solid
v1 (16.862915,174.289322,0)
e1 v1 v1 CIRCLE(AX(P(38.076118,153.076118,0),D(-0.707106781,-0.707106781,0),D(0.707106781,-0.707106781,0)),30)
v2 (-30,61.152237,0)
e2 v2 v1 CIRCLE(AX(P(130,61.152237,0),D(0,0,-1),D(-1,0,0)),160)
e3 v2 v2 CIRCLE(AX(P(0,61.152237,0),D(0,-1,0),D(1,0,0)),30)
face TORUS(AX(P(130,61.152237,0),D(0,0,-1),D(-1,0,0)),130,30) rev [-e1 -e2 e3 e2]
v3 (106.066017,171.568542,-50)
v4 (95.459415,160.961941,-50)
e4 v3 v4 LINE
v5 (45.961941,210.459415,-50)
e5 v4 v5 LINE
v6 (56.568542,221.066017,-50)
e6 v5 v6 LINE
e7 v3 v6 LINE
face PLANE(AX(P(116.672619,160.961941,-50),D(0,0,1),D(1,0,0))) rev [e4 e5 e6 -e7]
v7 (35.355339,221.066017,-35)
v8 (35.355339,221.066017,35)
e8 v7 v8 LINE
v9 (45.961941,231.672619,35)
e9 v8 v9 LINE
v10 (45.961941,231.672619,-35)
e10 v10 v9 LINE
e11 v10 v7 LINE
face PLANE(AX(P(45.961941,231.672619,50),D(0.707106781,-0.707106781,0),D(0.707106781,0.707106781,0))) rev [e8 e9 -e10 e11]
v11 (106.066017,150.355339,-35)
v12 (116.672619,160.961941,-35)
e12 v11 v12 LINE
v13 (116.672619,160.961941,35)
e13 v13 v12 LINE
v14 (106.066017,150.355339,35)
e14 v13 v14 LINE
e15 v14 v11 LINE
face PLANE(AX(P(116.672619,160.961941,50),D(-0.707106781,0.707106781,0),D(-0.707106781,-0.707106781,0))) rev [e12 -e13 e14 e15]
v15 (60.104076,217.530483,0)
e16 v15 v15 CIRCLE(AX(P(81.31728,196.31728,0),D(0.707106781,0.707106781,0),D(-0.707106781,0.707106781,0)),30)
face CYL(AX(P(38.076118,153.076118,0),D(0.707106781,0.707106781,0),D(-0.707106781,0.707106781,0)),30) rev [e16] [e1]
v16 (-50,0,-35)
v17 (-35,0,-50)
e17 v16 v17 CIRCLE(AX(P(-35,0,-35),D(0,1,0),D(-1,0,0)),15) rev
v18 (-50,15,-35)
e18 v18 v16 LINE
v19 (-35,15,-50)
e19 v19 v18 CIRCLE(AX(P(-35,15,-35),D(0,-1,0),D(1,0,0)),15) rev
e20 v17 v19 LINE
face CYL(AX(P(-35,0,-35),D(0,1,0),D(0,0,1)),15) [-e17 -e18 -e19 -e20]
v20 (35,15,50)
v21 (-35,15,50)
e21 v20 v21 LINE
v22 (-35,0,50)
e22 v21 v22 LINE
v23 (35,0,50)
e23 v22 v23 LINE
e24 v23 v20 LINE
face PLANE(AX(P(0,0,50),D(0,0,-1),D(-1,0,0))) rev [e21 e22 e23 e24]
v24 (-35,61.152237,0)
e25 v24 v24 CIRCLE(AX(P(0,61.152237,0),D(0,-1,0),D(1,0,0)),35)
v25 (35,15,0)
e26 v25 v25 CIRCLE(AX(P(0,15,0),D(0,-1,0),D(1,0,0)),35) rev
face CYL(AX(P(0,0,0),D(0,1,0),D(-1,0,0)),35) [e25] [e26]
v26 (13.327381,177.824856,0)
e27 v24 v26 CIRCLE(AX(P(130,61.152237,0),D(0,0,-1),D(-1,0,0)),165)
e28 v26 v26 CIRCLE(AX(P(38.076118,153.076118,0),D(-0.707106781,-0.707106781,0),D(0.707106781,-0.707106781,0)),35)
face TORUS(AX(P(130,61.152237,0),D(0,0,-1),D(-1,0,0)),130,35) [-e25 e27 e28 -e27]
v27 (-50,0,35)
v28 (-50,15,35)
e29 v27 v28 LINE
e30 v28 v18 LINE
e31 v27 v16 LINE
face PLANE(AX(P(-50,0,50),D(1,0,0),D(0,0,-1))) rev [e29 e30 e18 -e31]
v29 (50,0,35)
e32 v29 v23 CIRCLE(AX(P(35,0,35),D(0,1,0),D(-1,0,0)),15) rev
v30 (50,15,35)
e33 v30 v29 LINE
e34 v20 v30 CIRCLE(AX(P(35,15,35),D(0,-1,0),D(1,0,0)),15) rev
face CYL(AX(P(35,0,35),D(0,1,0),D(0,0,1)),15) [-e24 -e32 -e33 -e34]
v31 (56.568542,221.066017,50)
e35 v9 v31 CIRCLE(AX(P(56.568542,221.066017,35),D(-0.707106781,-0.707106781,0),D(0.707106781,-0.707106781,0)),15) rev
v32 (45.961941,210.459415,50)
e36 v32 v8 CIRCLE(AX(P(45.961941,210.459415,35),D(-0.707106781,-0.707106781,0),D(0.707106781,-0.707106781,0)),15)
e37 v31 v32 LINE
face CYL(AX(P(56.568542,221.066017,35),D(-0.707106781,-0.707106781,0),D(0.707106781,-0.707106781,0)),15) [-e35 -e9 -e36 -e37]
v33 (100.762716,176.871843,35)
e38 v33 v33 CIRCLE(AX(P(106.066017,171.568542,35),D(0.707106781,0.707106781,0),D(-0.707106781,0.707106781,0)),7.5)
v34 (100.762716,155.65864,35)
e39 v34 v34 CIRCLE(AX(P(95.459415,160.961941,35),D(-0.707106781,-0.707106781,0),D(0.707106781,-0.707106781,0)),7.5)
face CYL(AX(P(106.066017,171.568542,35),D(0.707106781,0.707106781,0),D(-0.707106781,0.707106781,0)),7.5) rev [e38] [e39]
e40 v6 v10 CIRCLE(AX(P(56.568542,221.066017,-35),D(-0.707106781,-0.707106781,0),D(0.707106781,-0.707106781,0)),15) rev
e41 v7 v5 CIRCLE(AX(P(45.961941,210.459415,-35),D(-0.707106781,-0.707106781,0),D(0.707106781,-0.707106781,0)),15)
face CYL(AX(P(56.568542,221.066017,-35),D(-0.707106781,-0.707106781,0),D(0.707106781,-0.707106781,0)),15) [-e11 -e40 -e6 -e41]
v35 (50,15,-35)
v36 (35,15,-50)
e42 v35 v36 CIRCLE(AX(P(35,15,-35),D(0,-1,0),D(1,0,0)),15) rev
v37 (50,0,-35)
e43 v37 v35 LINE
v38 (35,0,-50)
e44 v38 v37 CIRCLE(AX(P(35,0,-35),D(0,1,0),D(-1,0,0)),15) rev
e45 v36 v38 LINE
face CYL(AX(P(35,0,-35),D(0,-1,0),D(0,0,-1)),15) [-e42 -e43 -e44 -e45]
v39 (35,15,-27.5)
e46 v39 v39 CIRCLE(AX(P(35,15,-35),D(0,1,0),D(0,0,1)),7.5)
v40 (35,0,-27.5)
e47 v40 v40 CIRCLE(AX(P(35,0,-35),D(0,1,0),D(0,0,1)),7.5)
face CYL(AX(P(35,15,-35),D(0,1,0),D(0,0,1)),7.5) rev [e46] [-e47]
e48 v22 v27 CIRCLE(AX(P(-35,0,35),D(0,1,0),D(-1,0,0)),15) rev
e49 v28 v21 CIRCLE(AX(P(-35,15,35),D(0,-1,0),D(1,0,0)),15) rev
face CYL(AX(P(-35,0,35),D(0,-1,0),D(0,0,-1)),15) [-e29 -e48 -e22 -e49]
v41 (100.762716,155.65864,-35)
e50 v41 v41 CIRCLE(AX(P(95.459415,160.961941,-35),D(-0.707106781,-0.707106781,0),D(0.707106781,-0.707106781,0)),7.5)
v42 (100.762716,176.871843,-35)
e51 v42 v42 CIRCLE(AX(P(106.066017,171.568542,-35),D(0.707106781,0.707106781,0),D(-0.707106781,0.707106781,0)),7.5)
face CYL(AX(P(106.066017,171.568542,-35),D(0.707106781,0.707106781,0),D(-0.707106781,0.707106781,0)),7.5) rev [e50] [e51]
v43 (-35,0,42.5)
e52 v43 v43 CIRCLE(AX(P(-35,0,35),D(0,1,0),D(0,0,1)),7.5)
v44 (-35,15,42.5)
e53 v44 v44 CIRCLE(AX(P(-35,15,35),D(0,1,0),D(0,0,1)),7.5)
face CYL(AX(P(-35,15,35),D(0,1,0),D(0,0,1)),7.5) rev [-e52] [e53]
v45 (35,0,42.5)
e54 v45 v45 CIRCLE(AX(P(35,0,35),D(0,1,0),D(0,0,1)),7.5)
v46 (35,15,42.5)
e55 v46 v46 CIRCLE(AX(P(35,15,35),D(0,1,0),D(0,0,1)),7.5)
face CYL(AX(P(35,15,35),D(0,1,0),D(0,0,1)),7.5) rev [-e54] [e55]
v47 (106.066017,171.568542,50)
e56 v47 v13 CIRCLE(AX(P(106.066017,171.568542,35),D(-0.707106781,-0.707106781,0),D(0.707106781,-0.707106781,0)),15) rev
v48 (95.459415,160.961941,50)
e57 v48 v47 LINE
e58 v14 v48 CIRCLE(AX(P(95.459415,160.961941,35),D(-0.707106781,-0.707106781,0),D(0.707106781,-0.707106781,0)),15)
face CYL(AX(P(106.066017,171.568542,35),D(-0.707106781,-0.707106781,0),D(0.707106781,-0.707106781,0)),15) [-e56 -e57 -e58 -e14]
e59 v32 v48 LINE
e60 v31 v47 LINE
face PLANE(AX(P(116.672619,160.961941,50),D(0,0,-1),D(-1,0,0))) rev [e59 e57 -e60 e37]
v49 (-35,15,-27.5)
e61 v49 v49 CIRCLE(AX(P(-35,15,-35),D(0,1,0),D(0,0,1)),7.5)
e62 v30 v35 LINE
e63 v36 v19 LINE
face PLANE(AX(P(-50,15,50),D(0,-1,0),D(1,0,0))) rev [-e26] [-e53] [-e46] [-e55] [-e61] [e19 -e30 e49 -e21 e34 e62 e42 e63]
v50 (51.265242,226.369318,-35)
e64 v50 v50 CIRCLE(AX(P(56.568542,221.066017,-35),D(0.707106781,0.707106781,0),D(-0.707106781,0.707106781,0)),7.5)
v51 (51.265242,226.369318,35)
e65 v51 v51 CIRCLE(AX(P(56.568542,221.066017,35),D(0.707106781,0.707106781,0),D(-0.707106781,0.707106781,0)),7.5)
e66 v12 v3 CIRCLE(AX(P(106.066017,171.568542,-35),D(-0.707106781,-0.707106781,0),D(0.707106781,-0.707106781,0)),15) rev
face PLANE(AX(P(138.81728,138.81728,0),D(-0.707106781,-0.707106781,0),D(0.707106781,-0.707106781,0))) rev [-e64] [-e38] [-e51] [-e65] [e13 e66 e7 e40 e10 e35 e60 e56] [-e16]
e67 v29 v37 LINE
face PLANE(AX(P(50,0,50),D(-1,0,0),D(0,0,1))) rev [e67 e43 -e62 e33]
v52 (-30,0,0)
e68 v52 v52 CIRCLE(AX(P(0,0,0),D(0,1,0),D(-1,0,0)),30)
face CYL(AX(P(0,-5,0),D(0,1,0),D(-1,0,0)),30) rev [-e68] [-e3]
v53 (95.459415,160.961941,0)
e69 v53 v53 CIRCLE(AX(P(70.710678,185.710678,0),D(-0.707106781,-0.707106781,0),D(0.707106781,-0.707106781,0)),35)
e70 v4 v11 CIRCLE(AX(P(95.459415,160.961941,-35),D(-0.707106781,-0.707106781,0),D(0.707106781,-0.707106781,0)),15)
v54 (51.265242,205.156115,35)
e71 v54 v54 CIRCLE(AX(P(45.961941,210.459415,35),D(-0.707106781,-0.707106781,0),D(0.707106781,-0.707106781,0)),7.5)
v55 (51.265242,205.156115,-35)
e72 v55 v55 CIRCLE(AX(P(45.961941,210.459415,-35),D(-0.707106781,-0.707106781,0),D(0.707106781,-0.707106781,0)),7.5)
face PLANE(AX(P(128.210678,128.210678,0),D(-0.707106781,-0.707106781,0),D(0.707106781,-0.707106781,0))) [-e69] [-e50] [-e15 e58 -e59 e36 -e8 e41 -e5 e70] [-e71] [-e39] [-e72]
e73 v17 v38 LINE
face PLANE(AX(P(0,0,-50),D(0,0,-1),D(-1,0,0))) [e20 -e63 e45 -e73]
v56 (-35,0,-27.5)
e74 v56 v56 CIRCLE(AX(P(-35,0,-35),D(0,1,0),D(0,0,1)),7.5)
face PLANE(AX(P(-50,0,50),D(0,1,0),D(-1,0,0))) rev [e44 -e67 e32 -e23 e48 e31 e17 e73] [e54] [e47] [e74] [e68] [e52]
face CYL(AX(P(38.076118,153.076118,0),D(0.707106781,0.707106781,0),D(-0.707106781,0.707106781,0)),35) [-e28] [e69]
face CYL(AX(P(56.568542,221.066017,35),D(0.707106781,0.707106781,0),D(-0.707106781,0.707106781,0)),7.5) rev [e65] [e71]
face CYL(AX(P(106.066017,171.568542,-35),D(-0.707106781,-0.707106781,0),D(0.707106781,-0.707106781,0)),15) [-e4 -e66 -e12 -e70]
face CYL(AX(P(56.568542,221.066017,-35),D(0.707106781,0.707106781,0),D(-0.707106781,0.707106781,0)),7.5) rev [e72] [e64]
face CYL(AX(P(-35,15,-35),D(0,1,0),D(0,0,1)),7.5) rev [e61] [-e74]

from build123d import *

# Parameters (mm, degrees)
CROQUIS1_W               = 100
CROQUIS1_H               = 15
SALIENTE_EXTRUIR1_DEPTH  = 50
CROQUIS17_R              = 30
CORTAR_EXTRUIR1_DEPTH    = 15
BARRER1_PROFILE_R        = 35
CORTAR_BARRER2_PROFILE_R = 30
REDONDEO1_R              = 15
TALADRO1_D               = 15
TALADRO1_DEPTH           = 15
CROQUIS26_W              = 100
CROQUIS26_H              = 100
SALIENTE_EXTRUIR3_DEPTH  = 15
REDONDEO2_R              = 15
CROQUIS29_R              = 30
CORTAR_EXTRUIR2_DEPTH    = 15
TALADRO2_D               = 15
TALADRO2_DEPTH           = 15
TALADRO2_ON_FACE_2_D     = 15
TALADRO2_ON_FACE_2_DEPTH = 15


with BuildPart() as part:
    # Croquis1 → Saliente-Extruir1 (new, symmetric)
    with BuildSketch(Plane.XY):
        with Locations((0, 7.5)):
            Rectangle(CROQUIS1_W, CROQUIS1_H)
    extrude(amount=SALIENTE_EXTRUIR1_DEPTH, both=True)

    # Croquis17 → Cortar-Extruir1 (cut)
    with BuildSketch(Plane(origin=(0, 15, 0), x_dir=(1, 0, 0), z_dir=(0, 1, 0))):
        with Locations(Location((0, 0, 0), (0, 0, 180))):
            Circle(CROQUIS17_R)
    extrude(amount=-CORTAR_EXTRUIR1_DEPTH, mode=Mode.SUBTRACT)

    # Barrer1: sweep along a path in Croquis2
    with BuildLine(Plane.XY) as barrer1_path:
        Line((0, 0), (0, 61.152236891))
        ThreePointArc((0, 61.152236891), (9.895660774, 110.901083099), (38.076118446, 153.076118446))
        Line((38.076118446, 153.076118446), (70.710678119, 185.710678119))
    # Barrer1 profile (on start of the path) → Barrer1 (sweep)
    with BuildSketch(Plane(origin=(0, 0, 0), x_dir=(1, 0, 0), z_dir=(0, 1, 0))):
        Circle(BARRER1_PROFILE_R)
    sweep(path=barrer1_path.line)

    # Cortar-Barrer2: sweep along a path in Croquis2<5>
    with BuildLine(Plane.XY) as cortar_barrer2_path:
        Line((0, 0), (0, 61.152236891))
        ThreePointArc((0, 61.152236891), (9.895660774, 110.901083099), (38.076118446, 153.076118446))
        Line((38.076118446, 153.076118446), (70.710678119, 185.710678119))
    # Cortar-Barrer2 profile (on start of the path) → Cortar-Barrer2 (sweep, cut)
    with BuildSketch(Plane(origin=(0, 0, 0), x_dir=(1, 0, 0), z_dir=(0, 1, 0))):
        Circle(CORTAR_BARRER2_PROFILE_R)
    sweep(path=cortar_barrer2_path.line, mode=Mode.SUBTRACT)

    # Redondeo1
    redondeo1_edges = [part.edges().sort_by_distance(p)[0] for p in [
        (50, 7.5, 50),
        (-50, 7.5, 50),
        (50, 7.5, -50),
        (-50, 7.5, -50),
    ]]
    fillet(redondeo1_edges, radius=REDONDEO1_R)

    # Taladro1
    with Locations(Plane(origin=(-35, 15, -35), x_dir=(1, 0, 0), z_dir=(0, 1, 0))):
        with Locations((0, 0), (0, -70), (70, 0), (70, -70)):
            Hole(TALADRO1_D / 2, depth=TALADRO1_DEPTH)

    # Croquis26 → Saliente-Extruir3 (add)
    with BuildSketch(Plane(origin=(128.210678119, 128.210678119, 0), x_dir=(0, 0, -1), z_dir=(0.7071067811865478, 0.7071067811865472, 0))):
        with Locations((0, 81.317279836)):
            Rectangle(CROQUIS26_W, CROQUIS26_H)
    extrude(amount=SALIENTE_EXTRUIR3_DEPTH)

    # Redondeo2
    redondeo2_edges = [part.edges().sort_by_distance(p)[0] for p in [
        (40.658639918, 226.369318037, 50),
        (111.369318037, 155.658639918, 50),
        (111.369318037, 155.658639918, -50),
        (40.658639918, 226.369318037, -50),
    ]]
    fillet(redondeo2_edges, radius=REDONDEO2_R)

    # Croquis29 → Cortar-Extruir2 (cut)
    with BuildSketch(Plane(origin=(138.817279836, 138.817279836, 0), x_dir=(0, 0, -1), z_dir=(0.7071067811865479, 0.7071067811865472, 0))):
        with Locations(Location((0, 81.317279836, 0), (0, 0, 90))):
            Circle(CROQUIS29_R)
    extrude(amount=-CORTAR_EXTRUIR2_DEPTH, mode=Mode.SUBTRACT)

    # Taladro2
    with Locations(Plane(origin=(56.568542495, 221.066017178, 35), x_dir=(-0.707106781187, 0.707106781187, 0), z_dir=(0.707106781187, 0.707106781187, 0))):
        with Locations((0, 0)):
            Hole(TALADRO2_D / 2, depth=TALADRO2_DEPTH)

    # Taladro2 on face 2
    with Locations(Plane(origin=(106.066017178, 171.568542495, 35), x_dir=(0.707106781187, -0.707106781187, 0), z_dir=(0.707106781187, 0.707106781187, 0))):
        with Locations((0, 0), (0, 70), (-70, 70)):
            Hole(TALADRO2_ON_FACE_2_D / 2, depth=TALADRO2_ON_FACE_2_DEPTH)


solid = part.part
